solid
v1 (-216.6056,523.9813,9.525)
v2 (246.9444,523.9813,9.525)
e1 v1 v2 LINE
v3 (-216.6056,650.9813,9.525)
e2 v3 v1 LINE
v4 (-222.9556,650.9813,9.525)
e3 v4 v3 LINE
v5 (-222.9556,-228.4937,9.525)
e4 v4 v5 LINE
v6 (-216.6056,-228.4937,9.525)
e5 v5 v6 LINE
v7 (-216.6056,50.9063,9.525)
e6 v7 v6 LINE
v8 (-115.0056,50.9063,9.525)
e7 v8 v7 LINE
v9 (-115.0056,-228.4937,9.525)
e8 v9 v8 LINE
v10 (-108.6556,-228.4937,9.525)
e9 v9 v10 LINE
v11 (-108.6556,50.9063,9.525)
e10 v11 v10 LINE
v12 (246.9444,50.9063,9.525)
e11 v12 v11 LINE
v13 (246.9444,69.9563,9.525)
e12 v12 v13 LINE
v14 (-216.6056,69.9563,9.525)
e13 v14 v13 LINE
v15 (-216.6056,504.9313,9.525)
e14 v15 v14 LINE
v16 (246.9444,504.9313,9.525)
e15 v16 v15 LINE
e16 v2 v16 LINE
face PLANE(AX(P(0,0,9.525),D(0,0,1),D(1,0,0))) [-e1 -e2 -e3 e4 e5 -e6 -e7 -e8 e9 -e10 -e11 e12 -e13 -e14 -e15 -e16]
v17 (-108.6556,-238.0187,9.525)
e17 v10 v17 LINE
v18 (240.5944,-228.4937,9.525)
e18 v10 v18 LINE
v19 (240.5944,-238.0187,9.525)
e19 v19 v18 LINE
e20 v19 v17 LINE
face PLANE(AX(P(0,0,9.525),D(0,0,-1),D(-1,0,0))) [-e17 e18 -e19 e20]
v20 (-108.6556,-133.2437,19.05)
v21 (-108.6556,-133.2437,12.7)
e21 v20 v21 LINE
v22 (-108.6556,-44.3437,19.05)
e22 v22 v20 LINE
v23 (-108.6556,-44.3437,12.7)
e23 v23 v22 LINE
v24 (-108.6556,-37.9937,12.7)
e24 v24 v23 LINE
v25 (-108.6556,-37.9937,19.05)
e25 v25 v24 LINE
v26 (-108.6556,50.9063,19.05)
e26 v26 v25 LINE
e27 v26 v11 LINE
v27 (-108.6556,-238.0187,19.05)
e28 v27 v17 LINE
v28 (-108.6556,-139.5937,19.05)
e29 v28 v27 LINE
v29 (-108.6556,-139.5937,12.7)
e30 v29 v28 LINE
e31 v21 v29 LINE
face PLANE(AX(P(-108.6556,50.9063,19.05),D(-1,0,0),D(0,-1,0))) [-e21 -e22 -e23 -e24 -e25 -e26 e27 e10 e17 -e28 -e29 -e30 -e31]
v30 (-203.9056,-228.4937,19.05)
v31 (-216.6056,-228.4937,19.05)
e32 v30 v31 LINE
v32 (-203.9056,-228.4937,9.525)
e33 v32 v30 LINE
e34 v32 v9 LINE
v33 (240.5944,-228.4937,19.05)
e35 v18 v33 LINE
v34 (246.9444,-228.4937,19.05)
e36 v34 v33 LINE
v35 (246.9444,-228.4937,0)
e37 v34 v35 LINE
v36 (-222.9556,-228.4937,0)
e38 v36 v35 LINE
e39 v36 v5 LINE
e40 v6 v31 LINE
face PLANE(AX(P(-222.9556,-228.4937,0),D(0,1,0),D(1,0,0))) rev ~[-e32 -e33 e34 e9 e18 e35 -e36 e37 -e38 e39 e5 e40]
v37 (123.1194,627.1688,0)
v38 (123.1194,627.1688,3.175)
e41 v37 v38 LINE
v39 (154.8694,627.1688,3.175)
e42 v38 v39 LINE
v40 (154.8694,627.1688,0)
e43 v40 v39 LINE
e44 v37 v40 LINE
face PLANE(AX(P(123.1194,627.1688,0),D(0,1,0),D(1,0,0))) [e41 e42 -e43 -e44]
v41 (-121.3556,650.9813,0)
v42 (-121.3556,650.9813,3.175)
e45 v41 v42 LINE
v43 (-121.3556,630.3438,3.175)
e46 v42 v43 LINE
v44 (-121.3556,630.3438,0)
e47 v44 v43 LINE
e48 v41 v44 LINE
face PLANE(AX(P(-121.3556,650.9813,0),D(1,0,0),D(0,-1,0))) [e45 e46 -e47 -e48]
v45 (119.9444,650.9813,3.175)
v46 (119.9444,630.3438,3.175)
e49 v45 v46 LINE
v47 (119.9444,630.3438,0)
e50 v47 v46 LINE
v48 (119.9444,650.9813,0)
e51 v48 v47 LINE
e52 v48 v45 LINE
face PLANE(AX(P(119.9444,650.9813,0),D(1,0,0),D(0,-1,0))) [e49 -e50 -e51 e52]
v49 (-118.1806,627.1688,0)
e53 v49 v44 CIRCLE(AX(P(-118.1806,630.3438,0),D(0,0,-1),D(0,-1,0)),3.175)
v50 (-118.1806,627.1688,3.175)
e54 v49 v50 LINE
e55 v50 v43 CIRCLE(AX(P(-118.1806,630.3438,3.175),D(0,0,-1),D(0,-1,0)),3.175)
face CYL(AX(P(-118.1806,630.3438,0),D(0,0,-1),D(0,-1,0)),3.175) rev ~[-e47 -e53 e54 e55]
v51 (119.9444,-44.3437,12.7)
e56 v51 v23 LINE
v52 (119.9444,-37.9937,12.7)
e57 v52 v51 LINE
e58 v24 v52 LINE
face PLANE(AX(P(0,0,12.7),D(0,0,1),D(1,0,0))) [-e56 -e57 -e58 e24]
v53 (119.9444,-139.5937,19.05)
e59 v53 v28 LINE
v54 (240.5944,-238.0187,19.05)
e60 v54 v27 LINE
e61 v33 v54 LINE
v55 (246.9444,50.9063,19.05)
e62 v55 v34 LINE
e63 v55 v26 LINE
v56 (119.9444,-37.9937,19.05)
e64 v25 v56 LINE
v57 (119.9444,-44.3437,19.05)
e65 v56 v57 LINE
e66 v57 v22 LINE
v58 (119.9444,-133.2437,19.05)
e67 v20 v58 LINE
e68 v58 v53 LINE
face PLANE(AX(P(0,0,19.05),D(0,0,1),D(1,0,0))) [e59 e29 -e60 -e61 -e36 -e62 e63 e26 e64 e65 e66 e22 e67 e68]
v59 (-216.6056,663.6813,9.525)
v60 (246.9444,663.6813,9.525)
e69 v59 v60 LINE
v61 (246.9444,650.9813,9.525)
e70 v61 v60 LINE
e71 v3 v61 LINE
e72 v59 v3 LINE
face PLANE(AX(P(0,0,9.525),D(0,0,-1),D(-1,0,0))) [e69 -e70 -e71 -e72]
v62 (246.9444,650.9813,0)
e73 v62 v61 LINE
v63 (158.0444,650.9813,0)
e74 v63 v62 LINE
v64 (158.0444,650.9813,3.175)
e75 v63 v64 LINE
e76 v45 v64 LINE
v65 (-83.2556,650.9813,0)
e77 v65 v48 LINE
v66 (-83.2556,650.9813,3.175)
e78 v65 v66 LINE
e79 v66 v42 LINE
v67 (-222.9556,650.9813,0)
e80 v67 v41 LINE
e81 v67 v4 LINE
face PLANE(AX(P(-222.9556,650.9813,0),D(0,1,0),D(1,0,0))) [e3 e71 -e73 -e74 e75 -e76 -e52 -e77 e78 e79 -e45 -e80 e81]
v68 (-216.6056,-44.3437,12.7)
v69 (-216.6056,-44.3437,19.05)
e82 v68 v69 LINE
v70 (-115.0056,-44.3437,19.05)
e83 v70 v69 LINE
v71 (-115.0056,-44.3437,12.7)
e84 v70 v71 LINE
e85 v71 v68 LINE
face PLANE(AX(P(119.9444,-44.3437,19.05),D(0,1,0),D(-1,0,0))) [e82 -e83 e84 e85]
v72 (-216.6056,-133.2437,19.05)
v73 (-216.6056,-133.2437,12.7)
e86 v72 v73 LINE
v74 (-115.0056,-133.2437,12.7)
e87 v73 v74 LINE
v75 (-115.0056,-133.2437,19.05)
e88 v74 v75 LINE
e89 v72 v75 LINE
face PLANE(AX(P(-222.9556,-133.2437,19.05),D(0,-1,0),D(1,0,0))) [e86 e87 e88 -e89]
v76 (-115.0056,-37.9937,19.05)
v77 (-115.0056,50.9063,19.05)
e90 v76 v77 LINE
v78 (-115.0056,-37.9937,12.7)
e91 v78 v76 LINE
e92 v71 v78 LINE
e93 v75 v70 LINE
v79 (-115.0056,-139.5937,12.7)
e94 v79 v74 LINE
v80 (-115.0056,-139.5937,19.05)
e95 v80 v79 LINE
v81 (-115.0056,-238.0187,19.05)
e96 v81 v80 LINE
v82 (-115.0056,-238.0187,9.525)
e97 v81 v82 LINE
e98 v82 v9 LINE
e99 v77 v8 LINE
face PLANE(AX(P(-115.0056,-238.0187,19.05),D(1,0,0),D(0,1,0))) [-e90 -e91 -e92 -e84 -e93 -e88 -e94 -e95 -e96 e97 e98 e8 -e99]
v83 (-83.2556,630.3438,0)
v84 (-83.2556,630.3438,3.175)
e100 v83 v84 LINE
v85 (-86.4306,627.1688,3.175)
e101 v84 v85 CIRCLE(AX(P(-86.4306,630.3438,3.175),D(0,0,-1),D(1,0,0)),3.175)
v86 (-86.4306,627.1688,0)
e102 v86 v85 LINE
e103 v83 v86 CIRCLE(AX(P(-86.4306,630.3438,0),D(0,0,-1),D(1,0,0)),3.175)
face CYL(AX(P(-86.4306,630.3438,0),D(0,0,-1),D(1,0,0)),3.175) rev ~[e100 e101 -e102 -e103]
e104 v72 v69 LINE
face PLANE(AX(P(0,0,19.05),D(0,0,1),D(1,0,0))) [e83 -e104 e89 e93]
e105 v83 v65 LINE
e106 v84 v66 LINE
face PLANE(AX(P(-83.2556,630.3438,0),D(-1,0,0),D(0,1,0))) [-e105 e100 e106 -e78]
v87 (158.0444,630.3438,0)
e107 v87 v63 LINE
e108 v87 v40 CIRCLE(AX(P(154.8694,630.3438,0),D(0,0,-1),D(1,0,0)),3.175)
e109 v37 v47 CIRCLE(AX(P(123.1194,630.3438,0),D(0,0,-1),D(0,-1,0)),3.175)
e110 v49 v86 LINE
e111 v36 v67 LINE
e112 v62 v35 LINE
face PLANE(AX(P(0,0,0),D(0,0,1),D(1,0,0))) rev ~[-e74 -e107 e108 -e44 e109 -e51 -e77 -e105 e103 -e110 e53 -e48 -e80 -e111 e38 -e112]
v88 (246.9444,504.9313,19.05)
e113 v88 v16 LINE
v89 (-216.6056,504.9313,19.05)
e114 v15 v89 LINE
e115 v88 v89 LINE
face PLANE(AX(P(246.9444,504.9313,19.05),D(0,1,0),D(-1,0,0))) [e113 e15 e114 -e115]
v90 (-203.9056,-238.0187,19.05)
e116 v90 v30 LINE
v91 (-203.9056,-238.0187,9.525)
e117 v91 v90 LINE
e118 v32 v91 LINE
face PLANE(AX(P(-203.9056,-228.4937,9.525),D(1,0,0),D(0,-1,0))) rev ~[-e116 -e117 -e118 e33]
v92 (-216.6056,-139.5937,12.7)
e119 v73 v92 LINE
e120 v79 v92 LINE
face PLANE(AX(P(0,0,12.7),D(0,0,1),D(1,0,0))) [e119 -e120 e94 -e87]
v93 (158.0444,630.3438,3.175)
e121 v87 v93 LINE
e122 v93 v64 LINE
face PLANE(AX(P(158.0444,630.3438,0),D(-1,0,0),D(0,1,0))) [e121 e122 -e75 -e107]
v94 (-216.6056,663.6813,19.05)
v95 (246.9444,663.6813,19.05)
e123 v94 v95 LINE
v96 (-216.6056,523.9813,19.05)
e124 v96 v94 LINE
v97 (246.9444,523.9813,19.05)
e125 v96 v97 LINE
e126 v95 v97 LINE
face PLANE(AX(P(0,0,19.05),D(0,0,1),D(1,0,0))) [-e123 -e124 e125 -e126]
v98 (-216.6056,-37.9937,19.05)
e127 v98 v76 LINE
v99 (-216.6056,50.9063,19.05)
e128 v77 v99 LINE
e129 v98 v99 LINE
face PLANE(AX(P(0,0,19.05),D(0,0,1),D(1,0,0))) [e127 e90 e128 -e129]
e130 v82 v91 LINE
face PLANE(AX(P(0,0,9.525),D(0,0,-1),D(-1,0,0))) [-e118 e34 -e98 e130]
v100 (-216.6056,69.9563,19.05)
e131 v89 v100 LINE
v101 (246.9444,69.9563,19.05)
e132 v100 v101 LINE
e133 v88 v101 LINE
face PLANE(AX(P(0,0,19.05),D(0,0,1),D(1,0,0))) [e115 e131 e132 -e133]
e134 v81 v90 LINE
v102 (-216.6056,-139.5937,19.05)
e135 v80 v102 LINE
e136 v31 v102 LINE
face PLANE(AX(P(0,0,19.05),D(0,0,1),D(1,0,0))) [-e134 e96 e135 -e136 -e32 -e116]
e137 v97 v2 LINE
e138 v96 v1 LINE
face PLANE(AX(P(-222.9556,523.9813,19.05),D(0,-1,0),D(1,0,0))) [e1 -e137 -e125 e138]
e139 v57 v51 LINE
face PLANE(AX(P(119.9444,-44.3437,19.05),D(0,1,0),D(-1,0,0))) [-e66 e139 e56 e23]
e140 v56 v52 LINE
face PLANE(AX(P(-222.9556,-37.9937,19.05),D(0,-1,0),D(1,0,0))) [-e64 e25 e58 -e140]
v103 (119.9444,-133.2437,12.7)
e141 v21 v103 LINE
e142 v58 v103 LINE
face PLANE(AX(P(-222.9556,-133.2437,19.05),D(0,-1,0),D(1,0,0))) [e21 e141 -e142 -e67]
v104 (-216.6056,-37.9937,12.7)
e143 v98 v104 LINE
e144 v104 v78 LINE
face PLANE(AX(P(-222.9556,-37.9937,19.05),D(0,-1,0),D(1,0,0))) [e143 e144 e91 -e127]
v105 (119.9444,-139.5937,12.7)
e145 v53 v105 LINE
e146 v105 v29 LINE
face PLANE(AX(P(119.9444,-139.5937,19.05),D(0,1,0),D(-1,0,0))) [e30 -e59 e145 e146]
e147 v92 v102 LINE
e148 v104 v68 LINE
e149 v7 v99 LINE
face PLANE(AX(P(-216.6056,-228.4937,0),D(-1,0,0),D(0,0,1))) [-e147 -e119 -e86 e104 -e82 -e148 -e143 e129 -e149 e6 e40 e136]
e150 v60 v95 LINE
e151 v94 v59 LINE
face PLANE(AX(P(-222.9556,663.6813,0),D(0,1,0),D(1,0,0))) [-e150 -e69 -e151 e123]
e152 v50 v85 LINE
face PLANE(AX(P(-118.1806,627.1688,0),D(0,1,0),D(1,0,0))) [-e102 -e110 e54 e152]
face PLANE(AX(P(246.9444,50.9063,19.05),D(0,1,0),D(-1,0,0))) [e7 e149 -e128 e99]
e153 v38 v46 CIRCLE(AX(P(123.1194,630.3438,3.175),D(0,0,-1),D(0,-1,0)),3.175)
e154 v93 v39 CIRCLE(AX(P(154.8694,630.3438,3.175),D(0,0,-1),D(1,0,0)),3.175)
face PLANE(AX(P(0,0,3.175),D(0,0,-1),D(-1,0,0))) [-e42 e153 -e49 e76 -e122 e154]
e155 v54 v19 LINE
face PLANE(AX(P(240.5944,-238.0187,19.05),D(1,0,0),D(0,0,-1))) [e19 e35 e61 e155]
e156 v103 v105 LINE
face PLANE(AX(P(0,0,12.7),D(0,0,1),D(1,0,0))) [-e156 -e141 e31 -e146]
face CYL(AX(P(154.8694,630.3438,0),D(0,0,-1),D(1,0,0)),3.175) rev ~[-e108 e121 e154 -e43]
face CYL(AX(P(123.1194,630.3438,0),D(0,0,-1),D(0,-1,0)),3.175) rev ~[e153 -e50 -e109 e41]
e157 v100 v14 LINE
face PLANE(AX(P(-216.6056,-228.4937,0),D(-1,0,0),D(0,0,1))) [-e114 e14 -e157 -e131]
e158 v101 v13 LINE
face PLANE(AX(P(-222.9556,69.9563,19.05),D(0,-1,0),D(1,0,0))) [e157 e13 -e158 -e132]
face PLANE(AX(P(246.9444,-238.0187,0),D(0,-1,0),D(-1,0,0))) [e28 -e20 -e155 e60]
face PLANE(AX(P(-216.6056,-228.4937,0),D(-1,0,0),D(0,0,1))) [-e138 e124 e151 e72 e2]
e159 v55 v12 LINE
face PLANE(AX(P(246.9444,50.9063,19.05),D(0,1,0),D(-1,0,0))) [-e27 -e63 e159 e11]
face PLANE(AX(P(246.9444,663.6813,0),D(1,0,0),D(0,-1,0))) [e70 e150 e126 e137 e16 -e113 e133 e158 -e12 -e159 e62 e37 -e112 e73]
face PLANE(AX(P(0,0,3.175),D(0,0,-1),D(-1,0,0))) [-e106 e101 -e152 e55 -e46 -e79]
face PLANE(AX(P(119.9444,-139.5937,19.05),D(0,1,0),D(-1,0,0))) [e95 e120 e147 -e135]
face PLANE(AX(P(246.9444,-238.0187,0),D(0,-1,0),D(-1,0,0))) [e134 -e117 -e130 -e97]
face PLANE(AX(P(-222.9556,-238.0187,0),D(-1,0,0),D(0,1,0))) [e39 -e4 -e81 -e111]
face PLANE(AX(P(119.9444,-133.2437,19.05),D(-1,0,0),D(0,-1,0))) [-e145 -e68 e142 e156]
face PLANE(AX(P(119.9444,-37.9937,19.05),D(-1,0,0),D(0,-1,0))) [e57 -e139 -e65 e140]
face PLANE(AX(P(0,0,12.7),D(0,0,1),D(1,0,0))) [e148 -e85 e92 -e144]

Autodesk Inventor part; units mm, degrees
ref_plane "YZ Plane" through (0, 0, 0) normal (1, 0, 0) x (0, 1, 0)
ref_plane "XZ Plane" through (0, 0, 0) normal (0, 1, 0) x (-1, 0, 0)
ref_plane "XY Plane" through (0, 0, 0) normal (0, 0, 1) x (1, 0, 0)
sketch "Sketch1" plane through (0, 0, 0) normal (0, 0, 1) x (1, 0, 0)
  line L0 (-222.9556, 663.6813) -> (246.9444, 663.6813)
  line L1 (246.9444, 663.6813) -> (246.9444, -238.0187)
  line L2 (246.9444, -238.0187) -> (-222.9556, -238.0187)
  line L3 (-222.9556, -238.0187) -> (-222.9556, 663.6813)
  point P0 (0, 0)
  dimension "d0" = 469.9
  dimension "d1" = 901.7
extrude "Board" add sketch "Sketch1" along normal blind 19.05
sketch "Sketch6" plane through (0, 0, 0) normal (0, 0, -1) x (-1, 0, 0)
  line L0 (222.9556, 663.6813) -> (-246.9444, 663.6813) projected
  line L1 (-246.9444, 663.6813) -> (222.9556, 663.6813)
  line L2 (222.9556, 663.6813) -> (222.9556, 650.9813)
  line L3 (222.9556, 650.9813) -> (-246.9444, 650.9813)
  line L4 (-246.9444, 650.9813) -> (-246.9444, 663.6813)
  line L5 (-246.9444, -238.0187) -> (222.9556, -238.0187)
  line L6 (222.9556, -238.0187) -> (222.9556, -228.4937)
  line L7 (222.9556, -228.4937) -> (-246.9444, -228.4937)
  line L8 (-246.9444, -228.4937) -> (-246.9444, -238.0187)
  line L9 (-246.9444, -238.0187) -> (222.9556, -238.0187) projected
  line L10 (222.9556, -238.0187) -> (222.9556, 663.6813) projected
  point P0 (0, 0)
  dimension "d28" = 12.7
  dimension "d37" = 9.525
extrude "Top and Bottom Exterior Dados" cut sketch "Sketch6" against normal blind 9.525
sketch "Sketch2" plane through (0, 0, 19.05) normal (0, 0, 1) x (1, 0, 0)
  line L0 (-222.9556, 663.6813) -> (-222.9556, -238.0187) projected
  line L1 (246.9444, -238.0187) -> (246.9444, 663.6813) projected
  line L2 (-222.9556, 69.9563) -> (246.9444, 69.9563)
  line L3 (246.9444, 69.9563) -> (246.9444, 50.9063)
  line L4 (246.9444, 50.9063) -> (-222.9556, 50.9063)
  line L5 (-222.9556, 50.9063) -> (-222.9556, 69.9563)
  line L6 (246.9444, 663.6813) -> (-222.9556, 663.6813) projected
  line L7 (-222.9556, -238.0187) -> (246.9444, -238.0187) projected
  point P0 (0, 0)
  dimension "d4" = 19.05
  dimension "d16" = 288.925
extrude "Lower Inner Dado" cut sketch "Sketch2" against normal blind 9.525 contours L2 L1 L4 L0
sketch "Sketch4" plane through (0, 0, 19.05) normal (0, 0, 1) x (1, 0, 0)
  line L0 (-222.9556, 523.9813) -> (246.9444, 523.9813)
  line L1 (246.9444, 523.9813) -> (246.9444, 504.9313)
  line L2 (246.9444, 504.9313) -> (-222.9556, 504.9313)
  line L3 (-222.9556, 504.9313) -> (-222.9556, 523.9813)
  line L4 (-222.9556, 663.6813) -> (246.9444, 663.6813) projected
  line L5 (-222.9556, 663.6813) -> (-222.9556, 69.9563) projected
  line L6 (246.9444, 69.9563) -> (246.9444, 663.6813) projected
  line L7 (-222.9556, 650.9813) -> (246.9444, 650.9813) projected
  point P0 (0, 0)
  dimension "d18" = 19.05
  dimension "d36" = 127
extrude "Top Inner Dado" cut sketch "Sketch4" against normal blind 9.525 contours L0 L1 L2 L3
sketch "Sketch3" plane through (0, 0, 19.05) normal (0, 0, 1) x (1, 0, 0)
  line L0 (-222.9556, -133.2437) -> (119.9444, -133.2437)
  line L1 (119.9444, -133.2437) -> (119.9444, -139.5937)
  line L2 (119.9444, -139.5937) -> (-222.9556, -139.5937)
  line L3 (-222.9556, -139.5937) -> (-222.9556, -133.2437)
  line L4 (-222.9556, -238.0187) -> (246.9444, -238.0187) projected
  line L5 (-222.9556, -37.9937) -> (119.9444, -37.9937)
  line L6 (119.9444, -37.9937) -> (119.9444, -44.3437)
  line L7 (119.9444, -44.3437) -> (-222.9556, -44.3437)
  line L8 (-222.9556, -44.3437) -> (-222.9556, -37.9937)
  line L9 (-222.9556, 50.9063) -> (-222.9556, -238.0187) projected
  line L10 (246.9444, -238.0187) -> (246.9444, 50.9063) projected
  line L11 (246.9444, -228.4937) -> (-222.9556, -228.4937) projected
  line L12 (246.9444, 50.9063) -> (-222.9556, 50.9063) projected
  point P0 (0, 0)
  dimension "d9" = 6.35
  dimension "d12" = 6.35
  dimension "d13" = 88.9
  dimension "d21" = 127
  dimension "d23" = 127
  dimension "d65" = 88.9
extrude "Wine Bottle Dados" cut sketch "Sketch3" against normal blind 6.35 contours L0 L1 L2 L3 | L8 L5 L6 L7
sketch "Sketch7" plane through (0, 0, 19.05) normal (0, 0, 1) x (1, 0, 0)
  line L0 (246.9444, 50.9063) -> (-222.9556, 50.9063) projected
  line L1 (-108.6556, -238.0187) -> (-115.0056, -238.0187)
  line L2 (-115.0056, -238.0187) -> (-115.0056, 50.9063)
  line L3 (-115.0056, 50.9063) -> (-108.6556, 50.9063)
  line L4 (-108.6556, 50.9063) -> (-108.6556, -238.0187)
  line L5 (119.9444, -37.9937) -> (119.9444, -44.3437) projected
  line L6 (-222.9556, -238.0187) -> (246.9444, -238.0187) projected
  point P0 (0, 0)
  dimension "d31" = 6.35
  dimension "d32" = 228.6
extrude "Wine Rack Back Vertical Dado" cut sketch "Sketch7" against normal blind 9.525
sketch "Sketch8" plane through (-222.9556, -228.4937, 0) normal (-1, 0, 0) x (0, 0, 1)
  line L0 (19.05, 892.175) -> (9.525, 892.175)
  line L1 (9.525, 892.175) -> (9.525, -9.525)
  line L2 (9.525, -9.525) -> (19.05, -9.525)
  line L3 (19.05, -9.525) -> (19.05, 892.175)
  line L4 (9.525, 892.175) -> (19.05, 892.175) projected
  line L5 (9.525, -9.525) -> (19.05, -9.525) projected
  line L6 (19.05, 733.425) -> (19.05, 298.45) projected
  point P0 (0, 228.4937)
  point P1 (19.05, 184.15)
  point P2 (19.05, 95.25)
  dimension "d39" = 9.525
extrude "Vertical Backing Dado" cut sketch "Sketch8" against normal blind 6.35
sketch "Sketch9" plane through (0, 0, 0) normal (0, 0, -1) x (-1, 0, 0)
  line L0 (83.2556, 650.9813) -> (121.3556, 650.9813)
  line L1 (121.3556, 650.9813) -> (121.3556, 630.3438)
  line L2 (118.1806, 627.1688) -> (86.4306, 627.1688)
  line L3 (83.2556, 630.3438) -> (83.2556, 650.9813)
  line L4 (222.9556, 650.9813) -> (-246.9444, 650.9813) projected
  line L5 (222.9556, -228.4937) -> (222.9556, 650.9813) projected
  line L6 (-158.0444, 650.9813) -> (-119.9444, 650.9813)
  line L7 (-119.9444, 650.9813) -> (-119.9444, 630.3438)
  line L8 (-123.1194, 627.1688) -> (-154.8694, 627.1688)
  line L9 (-158.0444, 630.3438) -> (-158.0444, 650.9813)
  arc A0 (-158.0444, 630.3438) -> (-154.8694, 627.1688) centre (-154.8694, 630.3438) ccw
  arc A1 (-123.1194, 627.1688) -> (-119.9444, 630.3438) centre (-123.1194, 630.3438) ccw
  arc A2 (83.2556, 630.3438) -> (86.4306, 627.1688) centre (86.4306, 630.3438) ccw
  arc A3 (118.1806, 627.1688) -> (121.3556, 630.3438) centre (118.1806, 630.3438) ccw
  point P0 (0, 0)
  point P1 (121.3556, 627.1688)
  point P2 (83.2556, 627.1688)
  point P3 (-119.9444, 627.1688)
  point P4 (-158.0444, 627.1688)
  dimension "d42" = 38.1
  dimension "d43" = 23.8125
  dimension "d44" = 101.6
  dimension "d45" = 38.1
  dimension "d46" = 23.8125
  dimension "d47" = 203.2
  dimension "d48" = 3.175
extrude "Top Hinge Notch" cut sketch "Sketch9" against normal blind 3.175
sketch "Sketch11" plane through (246.9444, -238.0187, 19.05) normal (1, 0, 0) x (0, 0, -1)
  line L0 (9.525, 9.525) -> (19.05, 9.525) projected
  line L1 (0, 0) -> (9.525, 0)
  line L2 (9.525, 0) -> (9.525, 9.525)
  line L3 (9.525, 9.525) -> (0, 9.525)
  line L4 (0, 9.525) -> (0, 0)
  point P0 (19.05, 238.0187)
extrude "Front notch to cover dado" cut sketch "Sketch11" against normal blind 6.35
sketch "Sketch12" plane through (0, 0, 9.525) normal (0, 0, -1) x (-1, 0, 0)
  line L0 (216.6056, -228.4937) -> (222.9556, -228.4937) projected
  line L1 (216.6056, -238.0187) -> (-240.5944, -238.0187) projected
  line L2 (222.9556, -228.4937) -> (203.9056, -228.4937)
  line L3 (203.9056, -228.4937) -> (203.9056, -238.0187)
  line L4 (203.9056, -238.0187) -> (222.9556, -238.0187)
  line L5 (222.9556, -238.0187) -> (222.9556, -228.4937)
  point P0 (0, 0)
  point P1 (115.0056, -238.0187)
  dimension "d62" = 19.05
extrude "Rear notch for runner" cut sketch "Sketch12" against normal blind 19.05
equation "\"d6\" = 0.5 * d2"
equation "\"d33\" = 0.5 * d2"
equation "\"d39\" = 0.5 * d2"
equation "\"d45\" = d42"
equation "\"d46\" = d43"
equation "\"d47\" = 2 * d44"
equation "\"d2\" = 19.05"
properties part number "Left Side"
